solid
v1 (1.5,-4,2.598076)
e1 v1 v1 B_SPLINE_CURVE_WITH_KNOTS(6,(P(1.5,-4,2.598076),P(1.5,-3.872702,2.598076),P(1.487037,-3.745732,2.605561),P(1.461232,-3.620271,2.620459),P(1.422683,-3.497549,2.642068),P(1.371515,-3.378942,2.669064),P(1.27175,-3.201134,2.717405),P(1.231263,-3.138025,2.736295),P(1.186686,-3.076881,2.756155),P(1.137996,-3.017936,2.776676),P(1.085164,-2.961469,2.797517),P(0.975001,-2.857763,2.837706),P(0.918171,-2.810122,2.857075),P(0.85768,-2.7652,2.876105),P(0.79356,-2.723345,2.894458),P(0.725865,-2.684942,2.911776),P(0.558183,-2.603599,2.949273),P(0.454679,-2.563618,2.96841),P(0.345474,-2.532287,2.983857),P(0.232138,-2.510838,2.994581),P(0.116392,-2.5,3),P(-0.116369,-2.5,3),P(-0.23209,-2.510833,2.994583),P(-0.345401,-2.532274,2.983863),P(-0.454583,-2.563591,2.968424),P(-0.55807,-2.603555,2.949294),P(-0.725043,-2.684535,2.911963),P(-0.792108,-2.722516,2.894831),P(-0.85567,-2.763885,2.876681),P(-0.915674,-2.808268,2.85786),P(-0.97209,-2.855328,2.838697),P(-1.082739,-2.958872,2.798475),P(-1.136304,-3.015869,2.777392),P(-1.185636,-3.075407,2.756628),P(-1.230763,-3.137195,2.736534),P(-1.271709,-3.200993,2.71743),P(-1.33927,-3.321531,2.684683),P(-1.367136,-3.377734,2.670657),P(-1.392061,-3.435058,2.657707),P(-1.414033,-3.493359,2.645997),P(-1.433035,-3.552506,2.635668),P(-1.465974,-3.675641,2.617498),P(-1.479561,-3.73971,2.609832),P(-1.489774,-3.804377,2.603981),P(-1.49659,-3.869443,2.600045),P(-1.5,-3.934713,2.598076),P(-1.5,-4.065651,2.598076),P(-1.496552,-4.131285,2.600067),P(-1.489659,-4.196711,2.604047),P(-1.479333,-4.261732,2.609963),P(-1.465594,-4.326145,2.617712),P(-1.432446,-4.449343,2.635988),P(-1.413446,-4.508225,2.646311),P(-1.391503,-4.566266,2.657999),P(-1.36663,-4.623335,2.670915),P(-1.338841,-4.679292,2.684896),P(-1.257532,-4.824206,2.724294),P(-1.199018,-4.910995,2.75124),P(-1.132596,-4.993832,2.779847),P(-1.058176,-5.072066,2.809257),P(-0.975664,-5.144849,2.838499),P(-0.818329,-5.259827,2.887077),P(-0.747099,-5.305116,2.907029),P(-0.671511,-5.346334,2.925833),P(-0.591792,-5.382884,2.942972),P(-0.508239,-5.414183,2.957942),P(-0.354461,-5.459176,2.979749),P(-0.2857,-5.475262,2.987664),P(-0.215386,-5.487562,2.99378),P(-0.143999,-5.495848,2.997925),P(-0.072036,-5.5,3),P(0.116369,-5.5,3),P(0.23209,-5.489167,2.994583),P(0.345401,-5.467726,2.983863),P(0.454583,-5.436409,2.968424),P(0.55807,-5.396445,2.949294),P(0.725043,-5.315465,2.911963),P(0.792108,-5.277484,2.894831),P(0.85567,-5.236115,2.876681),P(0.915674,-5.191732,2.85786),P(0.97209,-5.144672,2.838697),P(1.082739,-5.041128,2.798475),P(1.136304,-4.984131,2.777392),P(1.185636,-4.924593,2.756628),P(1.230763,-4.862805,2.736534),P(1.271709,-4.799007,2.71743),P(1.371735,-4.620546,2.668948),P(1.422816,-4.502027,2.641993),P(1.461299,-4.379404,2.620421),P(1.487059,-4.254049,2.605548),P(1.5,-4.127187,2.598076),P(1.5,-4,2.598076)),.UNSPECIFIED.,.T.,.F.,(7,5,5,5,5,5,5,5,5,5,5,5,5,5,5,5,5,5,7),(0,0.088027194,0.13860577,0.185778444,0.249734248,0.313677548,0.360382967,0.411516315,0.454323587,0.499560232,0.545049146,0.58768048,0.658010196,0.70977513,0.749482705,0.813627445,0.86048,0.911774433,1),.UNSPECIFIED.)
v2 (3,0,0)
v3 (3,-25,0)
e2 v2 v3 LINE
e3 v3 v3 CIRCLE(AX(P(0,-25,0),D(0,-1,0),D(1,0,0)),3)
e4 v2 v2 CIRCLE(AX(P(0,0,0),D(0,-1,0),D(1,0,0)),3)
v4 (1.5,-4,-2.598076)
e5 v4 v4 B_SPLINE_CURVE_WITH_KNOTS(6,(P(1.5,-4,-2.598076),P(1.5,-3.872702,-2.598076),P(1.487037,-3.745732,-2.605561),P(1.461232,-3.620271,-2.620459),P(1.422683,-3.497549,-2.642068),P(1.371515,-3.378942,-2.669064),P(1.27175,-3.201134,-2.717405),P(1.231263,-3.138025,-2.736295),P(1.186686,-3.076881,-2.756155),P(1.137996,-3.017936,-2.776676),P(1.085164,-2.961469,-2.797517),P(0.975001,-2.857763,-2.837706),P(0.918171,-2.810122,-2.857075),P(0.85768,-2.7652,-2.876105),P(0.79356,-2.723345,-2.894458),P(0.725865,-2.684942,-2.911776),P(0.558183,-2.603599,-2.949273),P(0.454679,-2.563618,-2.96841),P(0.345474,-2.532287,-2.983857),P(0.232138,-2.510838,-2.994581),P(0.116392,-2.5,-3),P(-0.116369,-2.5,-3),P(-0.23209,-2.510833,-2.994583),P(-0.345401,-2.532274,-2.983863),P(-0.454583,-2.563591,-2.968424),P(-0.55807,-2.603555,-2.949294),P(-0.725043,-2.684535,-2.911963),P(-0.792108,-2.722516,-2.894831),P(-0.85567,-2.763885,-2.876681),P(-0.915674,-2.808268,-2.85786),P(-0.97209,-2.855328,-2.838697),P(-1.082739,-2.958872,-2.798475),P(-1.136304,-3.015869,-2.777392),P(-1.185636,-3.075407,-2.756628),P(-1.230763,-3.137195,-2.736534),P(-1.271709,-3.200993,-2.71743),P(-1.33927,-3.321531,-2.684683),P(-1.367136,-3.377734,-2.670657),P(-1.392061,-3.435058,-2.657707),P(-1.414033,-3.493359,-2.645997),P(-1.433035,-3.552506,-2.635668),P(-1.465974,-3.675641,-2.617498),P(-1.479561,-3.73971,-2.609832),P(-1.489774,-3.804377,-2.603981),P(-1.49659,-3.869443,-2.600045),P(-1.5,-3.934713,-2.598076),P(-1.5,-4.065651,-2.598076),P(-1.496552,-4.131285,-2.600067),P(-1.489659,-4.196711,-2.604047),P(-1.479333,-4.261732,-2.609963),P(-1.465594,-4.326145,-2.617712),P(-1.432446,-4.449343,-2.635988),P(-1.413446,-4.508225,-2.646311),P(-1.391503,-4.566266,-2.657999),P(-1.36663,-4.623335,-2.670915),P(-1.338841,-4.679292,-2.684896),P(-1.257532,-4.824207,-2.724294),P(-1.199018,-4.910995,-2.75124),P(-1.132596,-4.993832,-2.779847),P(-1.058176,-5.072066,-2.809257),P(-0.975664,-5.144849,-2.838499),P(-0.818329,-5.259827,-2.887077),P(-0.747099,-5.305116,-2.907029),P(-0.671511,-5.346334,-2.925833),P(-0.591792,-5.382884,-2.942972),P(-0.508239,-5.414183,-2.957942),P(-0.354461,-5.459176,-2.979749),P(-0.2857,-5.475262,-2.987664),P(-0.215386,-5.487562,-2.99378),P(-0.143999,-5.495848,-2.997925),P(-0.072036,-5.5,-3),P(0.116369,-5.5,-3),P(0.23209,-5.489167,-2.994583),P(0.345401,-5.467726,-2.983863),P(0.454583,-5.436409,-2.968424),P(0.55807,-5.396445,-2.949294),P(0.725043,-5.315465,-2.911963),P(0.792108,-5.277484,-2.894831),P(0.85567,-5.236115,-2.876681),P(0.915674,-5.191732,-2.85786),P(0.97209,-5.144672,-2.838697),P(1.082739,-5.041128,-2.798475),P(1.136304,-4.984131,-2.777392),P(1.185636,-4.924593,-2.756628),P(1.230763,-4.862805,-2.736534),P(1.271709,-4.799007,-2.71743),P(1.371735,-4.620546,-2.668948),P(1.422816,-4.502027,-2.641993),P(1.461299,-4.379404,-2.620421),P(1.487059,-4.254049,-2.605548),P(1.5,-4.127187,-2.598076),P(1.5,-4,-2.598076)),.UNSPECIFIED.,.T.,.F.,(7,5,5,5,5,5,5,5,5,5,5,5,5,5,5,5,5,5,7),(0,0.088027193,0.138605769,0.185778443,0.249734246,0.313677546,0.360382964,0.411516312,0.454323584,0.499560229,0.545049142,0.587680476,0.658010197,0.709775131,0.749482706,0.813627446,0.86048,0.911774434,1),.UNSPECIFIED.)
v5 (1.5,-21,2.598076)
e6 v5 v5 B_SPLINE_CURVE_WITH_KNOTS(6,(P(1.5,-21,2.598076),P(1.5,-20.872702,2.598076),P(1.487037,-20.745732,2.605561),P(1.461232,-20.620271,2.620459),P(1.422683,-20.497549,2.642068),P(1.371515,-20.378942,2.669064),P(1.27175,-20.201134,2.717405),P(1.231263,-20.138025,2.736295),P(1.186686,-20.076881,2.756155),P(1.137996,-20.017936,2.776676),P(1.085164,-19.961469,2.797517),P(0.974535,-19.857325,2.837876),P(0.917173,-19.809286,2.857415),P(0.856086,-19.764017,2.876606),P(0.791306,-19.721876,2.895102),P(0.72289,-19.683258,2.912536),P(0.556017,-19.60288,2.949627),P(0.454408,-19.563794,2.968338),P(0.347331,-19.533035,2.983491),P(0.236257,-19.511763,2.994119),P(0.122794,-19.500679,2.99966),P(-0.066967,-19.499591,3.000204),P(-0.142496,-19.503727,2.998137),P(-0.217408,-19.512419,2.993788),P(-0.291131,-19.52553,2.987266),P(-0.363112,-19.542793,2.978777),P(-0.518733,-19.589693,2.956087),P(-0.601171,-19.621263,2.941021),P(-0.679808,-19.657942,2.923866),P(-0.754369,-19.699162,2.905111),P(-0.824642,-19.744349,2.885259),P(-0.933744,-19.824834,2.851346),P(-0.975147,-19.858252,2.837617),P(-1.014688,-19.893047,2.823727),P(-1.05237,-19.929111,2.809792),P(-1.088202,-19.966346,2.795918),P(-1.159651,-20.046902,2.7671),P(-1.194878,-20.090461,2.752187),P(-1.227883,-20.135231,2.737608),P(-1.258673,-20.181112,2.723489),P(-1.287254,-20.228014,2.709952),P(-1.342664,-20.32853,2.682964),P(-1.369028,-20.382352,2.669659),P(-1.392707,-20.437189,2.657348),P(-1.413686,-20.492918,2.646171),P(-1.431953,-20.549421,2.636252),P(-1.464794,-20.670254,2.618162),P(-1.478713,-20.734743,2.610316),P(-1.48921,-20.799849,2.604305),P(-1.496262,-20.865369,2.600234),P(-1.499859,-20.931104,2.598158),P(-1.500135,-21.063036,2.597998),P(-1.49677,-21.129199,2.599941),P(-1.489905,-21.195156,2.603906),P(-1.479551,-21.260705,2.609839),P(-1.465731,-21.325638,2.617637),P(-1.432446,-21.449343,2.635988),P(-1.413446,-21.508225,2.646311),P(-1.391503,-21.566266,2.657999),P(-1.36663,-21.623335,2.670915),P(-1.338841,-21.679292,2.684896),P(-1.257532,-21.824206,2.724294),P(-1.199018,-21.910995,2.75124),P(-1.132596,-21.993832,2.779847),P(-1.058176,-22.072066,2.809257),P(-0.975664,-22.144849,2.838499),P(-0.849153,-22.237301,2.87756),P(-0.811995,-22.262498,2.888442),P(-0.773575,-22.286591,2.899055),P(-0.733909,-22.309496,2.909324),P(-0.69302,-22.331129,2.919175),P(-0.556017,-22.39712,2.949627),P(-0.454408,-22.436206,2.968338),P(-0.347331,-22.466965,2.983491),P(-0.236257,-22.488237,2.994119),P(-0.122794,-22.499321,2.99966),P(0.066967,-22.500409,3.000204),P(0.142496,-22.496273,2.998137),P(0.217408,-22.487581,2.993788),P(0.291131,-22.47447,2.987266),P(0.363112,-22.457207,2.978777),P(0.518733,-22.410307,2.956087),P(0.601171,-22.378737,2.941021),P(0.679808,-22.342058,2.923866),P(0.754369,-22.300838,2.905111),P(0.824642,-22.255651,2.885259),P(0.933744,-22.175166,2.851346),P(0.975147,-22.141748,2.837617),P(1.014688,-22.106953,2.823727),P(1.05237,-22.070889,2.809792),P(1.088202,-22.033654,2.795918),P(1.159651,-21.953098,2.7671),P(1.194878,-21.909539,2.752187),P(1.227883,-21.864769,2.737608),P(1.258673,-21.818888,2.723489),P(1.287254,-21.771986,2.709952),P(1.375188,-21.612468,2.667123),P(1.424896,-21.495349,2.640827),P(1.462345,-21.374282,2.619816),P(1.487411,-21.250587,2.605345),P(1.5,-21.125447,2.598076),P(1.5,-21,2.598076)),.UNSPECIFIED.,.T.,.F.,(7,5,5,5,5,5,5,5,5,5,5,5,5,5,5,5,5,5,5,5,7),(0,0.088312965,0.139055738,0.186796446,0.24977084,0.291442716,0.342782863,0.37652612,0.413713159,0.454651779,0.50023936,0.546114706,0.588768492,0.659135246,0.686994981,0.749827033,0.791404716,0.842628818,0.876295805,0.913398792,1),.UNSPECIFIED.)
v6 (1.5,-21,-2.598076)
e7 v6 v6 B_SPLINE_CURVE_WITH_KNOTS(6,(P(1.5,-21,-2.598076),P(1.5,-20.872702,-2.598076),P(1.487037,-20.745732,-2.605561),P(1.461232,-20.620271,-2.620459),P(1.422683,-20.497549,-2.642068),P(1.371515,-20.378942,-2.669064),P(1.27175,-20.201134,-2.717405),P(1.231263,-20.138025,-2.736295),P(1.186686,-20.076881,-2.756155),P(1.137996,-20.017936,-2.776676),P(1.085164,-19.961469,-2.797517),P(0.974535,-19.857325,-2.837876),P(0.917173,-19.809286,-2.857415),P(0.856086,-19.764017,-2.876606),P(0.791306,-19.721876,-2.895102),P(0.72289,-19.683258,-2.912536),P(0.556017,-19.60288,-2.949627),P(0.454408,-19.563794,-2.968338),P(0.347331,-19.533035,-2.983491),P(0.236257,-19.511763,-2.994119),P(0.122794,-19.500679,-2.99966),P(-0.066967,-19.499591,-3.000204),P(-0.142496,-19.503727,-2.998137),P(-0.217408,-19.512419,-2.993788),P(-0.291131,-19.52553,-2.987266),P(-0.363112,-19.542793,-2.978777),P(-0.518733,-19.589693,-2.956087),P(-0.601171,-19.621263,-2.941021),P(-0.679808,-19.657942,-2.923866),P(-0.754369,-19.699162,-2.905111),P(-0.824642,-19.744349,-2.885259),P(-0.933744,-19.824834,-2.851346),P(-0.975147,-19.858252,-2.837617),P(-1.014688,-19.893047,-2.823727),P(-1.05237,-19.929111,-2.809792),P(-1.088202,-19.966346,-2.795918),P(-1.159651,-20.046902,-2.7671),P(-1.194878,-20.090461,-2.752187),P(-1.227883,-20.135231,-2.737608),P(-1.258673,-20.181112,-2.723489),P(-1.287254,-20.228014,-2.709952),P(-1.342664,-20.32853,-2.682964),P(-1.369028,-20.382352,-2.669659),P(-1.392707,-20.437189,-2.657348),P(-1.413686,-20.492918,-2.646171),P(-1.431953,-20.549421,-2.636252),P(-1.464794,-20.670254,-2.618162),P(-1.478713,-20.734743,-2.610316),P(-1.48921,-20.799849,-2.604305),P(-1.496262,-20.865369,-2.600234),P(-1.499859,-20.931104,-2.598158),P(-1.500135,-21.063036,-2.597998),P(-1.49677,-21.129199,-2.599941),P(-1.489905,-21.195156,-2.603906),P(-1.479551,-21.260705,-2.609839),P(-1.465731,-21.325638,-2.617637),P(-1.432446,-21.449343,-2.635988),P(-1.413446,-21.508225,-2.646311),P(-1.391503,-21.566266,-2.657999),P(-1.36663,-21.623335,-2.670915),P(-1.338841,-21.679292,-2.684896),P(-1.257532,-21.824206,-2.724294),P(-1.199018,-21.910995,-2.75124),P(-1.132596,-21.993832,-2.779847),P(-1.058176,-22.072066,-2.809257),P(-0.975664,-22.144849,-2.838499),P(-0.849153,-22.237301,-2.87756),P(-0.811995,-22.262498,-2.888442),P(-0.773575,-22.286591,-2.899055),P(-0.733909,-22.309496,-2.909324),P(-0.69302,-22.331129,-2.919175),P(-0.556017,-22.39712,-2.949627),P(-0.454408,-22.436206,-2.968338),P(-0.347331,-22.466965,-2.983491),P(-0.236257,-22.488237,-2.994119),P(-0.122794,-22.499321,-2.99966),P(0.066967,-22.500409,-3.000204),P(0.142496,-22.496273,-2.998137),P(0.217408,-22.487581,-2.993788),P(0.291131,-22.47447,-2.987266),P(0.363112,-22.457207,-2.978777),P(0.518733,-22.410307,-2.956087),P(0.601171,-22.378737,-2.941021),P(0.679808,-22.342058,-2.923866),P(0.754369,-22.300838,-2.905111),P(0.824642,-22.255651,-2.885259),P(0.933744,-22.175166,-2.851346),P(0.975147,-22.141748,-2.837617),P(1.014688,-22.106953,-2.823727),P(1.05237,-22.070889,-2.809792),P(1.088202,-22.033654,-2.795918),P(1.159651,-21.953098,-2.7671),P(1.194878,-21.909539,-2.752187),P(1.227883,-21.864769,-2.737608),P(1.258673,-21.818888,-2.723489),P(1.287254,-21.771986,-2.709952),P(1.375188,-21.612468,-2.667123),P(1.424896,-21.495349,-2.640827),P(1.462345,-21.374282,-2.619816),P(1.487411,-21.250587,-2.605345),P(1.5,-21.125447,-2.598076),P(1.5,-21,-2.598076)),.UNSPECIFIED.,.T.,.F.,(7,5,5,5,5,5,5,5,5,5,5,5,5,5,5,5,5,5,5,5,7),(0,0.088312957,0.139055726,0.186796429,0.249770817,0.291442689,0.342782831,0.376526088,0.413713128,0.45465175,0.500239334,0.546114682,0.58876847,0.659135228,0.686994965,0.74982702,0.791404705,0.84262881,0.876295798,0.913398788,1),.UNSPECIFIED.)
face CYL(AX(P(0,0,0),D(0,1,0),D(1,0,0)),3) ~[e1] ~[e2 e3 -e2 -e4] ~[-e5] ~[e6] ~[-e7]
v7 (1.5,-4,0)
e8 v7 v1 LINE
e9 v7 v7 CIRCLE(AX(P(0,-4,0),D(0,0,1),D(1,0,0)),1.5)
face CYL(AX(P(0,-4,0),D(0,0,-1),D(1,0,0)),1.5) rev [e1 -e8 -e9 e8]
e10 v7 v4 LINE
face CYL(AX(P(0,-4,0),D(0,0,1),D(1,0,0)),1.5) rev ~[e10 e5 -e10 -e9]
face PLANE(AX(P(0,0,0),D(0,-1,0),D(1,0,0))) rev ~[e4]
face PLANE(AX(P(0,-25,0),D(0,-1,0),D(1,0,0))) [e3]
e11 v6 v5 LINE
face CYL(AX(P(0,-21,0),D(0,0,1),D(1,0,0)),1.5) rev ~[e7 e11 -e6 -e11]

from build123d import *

# Parameters (mm, degrees)
F0_R     = 3
F1_DEPTH = 25
F2_R     = 1.5
F3_DEPTH = 5


with BuildPart() as f1:
    # F0 (on Front) → F1 (new body)
    with BuildSketch(Plane.XZ):
        Circle(F0_R)
    extrude(amount=F1_DEPTH)

    # F2 (on Top) → F3 (cut, symmetric)
    with BuildSketch(Plane.XY):
        with Locations((0, -4)):
            Circle(F2_R)
        with Locations((0, -21)):
            Circle(F2_R)
    extrude(amount=F3_DEPTH, both=True, mode=Mode.SUBTRACT)


solid = f1.part
